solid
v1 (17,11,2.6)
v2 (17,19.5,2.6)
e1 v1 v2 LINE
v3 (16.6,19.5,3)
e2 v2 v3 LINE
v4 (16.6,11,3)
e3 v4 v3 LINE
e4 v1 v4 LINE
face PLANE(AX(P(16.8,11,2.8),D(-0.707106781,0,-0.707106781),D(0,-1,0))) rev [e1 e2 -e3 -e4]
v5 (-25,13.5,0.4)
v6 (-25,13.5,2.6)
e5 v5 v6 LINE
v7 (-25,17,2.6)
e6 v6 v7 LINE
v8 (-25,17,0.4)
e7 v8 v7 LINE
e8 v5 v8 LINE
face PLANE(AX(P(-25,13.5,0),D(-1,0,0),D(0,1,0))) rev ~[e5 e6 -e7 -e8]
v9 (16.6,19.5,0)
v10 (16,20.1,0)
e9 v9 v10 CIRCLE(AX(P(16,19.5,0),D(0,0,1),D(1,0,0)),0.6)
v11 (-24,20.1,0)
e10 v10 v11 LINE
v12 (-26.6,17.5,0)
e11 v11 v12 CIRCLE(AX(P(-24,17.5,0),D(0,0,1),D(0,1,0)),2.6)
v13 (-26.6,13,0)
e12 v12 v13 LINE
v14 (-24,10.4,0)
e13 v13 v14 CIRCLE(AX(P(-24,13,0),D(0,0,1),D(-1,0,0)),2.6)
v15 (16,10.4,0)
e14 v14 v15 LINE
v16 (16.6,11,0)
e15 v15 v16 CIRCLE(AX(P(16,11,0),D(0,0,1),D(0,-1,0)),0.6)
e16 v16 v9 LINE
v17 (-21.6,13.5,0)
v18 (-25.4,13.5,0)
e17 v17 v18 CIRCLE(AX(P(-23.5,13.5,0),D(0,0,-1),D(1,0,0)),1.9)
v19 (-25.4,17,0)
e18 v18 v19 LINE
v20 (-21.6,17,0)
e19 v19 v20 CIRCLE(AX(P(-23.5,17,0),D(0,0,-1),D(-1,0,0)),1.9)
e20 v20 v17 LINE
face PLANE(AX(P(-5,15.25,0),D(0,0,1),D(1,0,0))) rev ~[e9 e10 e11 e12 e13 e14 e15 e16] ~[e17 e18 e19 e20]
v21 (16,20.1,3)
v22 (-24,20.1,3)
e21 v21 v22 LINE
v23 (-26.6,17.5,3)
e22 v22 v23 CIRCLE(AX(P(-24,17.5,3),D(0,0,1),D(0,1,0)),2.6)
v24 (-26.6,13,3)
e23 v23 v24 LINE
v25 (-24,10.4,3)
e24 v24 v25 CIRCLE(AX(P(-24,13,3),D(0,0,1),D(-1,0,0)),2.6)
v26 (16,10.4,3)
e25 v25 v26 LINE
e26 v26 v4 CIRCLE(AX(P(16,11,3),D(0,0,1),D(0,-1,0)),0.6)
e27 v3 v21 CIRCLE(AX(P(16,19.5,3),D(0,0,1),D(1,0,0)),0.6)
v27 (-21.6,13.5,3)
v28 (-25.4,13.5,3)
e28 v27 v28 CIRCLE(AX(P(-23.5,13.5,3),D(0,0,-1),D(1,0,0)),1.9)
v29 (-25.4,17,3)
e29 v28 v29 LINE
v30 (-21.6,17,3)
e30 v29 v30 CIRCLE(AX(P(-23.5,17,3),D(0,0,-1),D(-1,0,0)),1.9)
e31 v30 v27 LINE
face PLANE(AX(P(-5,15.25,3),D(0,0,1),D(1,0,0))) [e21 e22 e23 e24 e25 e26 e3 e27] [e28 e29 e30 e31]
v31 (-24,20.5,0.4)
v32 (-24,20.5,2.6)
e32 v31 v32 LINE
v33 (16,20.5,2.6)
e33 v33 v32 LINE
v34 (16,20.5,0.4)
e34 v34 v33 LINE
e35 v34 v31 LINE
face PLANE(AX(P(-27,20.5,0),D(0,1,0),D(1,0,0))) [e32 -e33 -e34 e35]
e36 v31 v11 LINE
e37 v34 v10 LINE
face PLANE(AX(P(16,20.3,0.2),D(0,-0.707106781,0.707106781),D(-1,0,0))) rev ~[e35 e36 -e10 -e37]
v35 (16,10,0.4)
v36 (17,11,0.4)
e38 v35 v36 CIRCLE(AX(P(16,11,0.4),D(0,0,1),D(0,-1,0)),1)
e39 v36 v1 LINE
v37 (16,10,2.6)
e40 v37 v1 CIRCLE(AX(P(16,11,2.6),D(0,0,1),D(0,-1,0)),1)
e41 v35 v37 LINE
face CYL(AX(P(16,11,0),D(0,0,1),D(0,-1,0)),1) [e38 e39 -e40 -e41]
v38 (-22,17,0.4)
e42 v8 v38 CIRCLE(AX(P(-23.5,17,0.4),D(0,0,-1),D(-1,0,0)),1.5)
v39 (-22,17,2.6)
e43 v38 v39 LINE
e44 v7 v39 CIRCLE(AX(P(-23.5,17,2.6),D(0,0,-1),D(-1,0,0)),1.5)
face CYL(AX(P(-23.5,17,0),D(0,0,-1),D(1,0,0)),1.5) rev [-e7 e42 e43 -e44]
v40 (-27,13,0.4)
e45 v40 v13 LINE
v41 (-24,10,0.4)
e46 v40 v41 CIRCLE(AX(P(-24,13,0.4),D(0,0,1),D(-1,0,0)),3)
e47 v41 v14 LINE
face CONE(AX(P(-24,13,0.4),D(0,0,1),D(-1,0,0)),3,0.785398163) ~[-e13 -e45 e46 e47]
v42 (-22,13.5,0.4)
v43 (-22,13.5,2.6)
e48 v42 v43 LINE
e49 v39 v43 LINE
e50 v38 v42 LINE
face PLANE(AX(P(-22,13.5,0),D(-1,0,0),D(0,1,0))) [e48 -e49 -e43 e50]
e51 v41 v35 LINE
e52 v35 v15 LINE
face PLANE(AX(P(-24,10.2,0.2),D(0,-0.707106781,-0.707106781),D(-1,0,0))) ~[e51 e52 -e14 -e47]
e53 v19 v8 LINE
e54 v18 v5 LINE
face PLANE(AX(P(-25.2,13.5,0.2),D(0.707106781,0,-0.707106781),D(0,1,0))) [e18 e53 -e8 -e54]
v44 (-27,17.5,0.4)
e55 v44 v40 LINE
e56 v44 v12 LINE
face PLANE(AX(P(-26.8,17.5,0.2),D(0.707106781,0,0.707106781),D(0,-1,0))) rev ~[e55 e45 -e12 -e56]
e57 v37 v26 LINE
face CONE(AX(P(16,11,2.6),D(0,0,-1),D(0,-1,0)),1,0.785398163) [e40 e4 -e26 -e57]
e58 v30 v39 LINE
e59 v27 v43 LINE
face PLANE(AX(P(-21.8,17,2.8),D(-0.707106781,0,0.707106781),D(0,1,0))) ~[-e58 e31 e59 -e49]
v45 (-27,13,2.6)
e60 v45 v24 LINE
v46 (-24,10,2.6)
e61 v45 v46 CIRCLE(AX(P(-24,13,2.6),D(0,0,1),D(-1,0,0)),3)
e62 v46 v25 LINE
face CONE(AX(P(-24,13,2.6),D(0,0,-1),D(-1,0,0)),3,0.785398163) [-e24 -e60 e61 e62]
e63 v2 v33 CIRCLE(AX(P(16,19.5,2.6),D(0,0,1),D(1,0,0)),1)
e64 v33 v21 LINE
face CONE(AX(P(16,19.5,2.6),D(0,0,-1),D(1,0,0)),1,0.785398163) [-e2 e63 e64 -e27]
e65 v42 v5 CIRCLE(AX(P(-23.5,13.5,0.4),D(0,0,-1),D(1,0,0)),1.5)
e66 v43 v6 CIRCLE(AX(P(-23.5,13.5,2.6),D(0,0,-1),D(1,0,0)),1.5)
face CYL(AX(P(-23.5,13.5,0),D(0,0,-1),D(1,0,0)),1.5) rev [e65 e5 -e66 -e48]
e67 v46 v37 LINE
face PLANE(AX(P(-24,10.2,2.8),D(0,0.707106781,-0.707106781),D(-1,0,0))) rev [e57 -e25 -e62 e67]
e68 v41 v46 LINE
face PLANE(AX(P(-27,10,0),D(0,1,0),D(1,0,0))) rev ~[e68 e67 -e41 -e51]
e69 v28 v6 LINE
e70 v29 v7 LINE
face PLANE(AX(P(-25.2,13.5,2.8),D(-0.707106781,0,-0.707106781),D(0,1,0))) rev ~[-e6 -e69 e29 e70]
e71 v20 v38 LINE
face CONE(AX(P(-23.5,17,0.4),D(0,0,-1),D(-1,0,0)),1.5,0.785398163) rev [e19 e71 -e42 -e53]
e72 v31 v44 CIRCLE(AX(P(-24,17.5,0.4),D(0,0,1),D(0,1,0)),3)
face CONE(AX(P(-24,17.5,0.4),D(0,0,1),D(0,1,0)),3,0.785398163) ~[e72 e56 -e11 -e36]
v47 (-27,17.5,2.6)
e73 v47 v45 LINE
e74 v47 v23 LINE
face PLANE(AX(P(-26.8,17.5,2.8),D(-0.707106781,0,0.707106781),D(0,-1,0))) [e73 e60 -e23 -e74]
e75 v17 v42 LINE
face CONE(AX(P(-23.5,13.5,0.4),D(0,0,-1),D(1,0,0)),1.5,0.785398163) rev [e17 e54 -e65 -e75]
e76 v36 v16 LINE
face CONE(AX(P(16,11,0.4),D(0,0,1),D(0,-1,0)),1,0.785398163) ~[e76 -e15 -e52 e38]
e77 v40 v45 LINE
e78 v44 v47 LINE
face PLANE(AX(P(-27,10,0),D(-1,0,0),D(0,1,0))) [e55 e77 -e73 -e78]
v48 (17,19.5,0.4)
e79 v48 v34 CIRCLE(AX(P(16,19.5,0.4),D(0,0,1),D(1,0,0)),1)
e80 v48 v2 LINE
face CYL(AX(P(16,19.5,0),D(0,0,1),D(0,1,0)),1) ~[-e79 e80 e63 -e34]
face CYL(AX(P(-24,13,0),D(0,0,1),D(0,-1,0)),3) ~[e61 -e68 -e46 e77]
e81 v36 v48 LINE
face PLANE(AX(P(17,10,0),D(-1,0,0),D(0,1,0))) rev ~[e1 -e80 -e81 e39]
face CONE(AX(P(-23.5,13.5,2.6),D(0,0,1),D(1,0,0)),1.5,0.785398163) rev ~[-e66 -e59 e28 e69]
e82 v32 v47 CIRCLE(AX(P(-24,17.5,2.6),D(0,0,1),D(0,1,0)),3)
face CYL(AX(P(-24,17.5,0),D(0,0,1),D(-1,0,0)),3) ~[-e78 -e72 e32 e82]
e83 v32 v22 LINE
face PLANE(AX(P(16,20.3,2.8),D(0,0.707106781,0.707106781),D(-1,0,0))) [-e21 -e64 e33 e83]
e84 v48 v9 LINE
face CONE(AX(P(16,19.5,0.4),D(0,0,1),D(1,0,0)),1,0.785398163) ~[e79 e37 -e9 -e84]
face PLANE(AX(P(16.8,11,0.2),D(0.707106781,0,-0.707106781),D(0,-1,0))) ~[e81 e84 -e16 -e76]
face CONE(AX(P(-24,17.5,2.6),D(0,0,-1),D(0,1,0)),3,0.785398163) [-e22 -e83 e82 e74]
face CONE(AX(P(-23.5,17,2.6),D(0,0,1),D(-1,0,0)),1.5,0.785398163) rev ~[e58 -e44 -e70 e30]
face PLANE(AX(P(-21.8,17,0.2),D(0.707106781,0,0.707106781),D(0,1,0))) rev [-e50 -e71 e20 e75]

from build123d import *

# Parameters (mm, degrees)
BOX002_W          = 3
BOX002_H          = 3.5
BOX002_DEPTH      = 10
CYLINDER005_R     = 1.5
CYLINDER005_DEPTH = 10
CYLINDER004_R     = 1.5
CYLINDER004_DEPTH = 10
BOX001_W          = 44
BOX001_H          = 10.5
BOX001_DEPTH      = 3
FILLET001_R       = 1
FILLET002_R       = 3
CHAMFER001_SIZE   = 0.4


with BuildPart() as cube002:
    # Box002 → Box002 (new body)
    with BuildSketch(Plane(origin=(-24, 13.5, 0), x_dir=(1, 0, 0), z_dir=(0, 0, 1))):
        with Locations((1.5, 1.75)):
            Rectangle(BOX002_W, BOX002_H)
    extrude(amount=BOX002_DEPTH)


with BuildPart() as cylinder005:
    # Cylinder005 → Cylinder005 (new body)
    with BuildSketch(Plane(origin=(-22.5, 13.5, 0), x_dir=(1, 0, 0), z_dir=(0, 0, 1))):
        Circle(CYLINDER005_R)
    extrude(amount=CYLINDER005_DEPTH)


with BuildPart() as fusion001:
    # Cylinder004 → Cylinder004 (new body)
    with BuildSketch(Plane(origin=(-22.5, 17, 0), x_dir=(1, 0, 0), z_dir=(0, 0, 1))):
        Circle(CYLINDER004_R)
    extrude(amount=CYLINDER004_DEPTH)

    # Fusion001: union Cube002, Cylinder005
    add(cube002.part)
    add(cylinder005.part)


with BuildPart() as fusion001_1:
    # Fusion001 placement: moved
    add(fusion001.part.moved(Location((-1, 0, 0))))


with BuildPart() as chamfer001:
    # Box001 → Box001 (new body)
    with BuildSketch(Plane(origin=(-27, 10, 0), x_dir=(1, 0, 0), z_dir=(0, 0, 1))):
        with Locations((22, 5.25)):
            Rectangle(BOX001_W, BOX001_H)
    extrude(amount=BOX001_DEPTH)

    # Cut001: cut Fusion001
    add(fusion001_1.part, mode=Mode.SUBTRACT)

    # Fillet001
    fillet001_edges = [chamfer001.edges().sort_by_distance(p)[0] for p in [
        (17, 10, 1.5),
        (17, 20.5, 1.5),
    ]]
    fillet(fillet001_edges, radius=FILLET001_R)

    # Fillet002
    fillet002_edges = [chamfer001.edges().sort_by_distance(p)[0] for p in [
        (-27, 10, 1.5),
        (-27, 20.5, 1.5),
    ]]
    fillet(fillet002_edges, radius=FILLET002_R)

    # Chamfer001
    chamfer001_edges = [chamfer001.edges().sort_by_distance(p)[0] for p in [
        (-4, 10, 0),
        (-4, 10, 3),
        (-4, 20.5, 0),
        (-26.12132, 19.62132, 0),
        (16.707107, 20.207107, 0),
        (-27, 15.25, 0),
        (17, 15.25, 0),
        (-26.12132, 10.87868, 0),
        (16.707107, 10.292893, 0),
        (-25, 15.25, 0),
        (-23.5, 12, 0),
        (-22, 15.25, 0),
        (-23.5, 18.5, 0),
        (-26.12132, 10.87868, 3),
        (16.707107, 10.292893, 3),
        (-4, 20.5, 3),
        (-26.12132, 19.62132, 3),
        (16.707107, 20.207107, 3),
        (-27, 15.25, 3),
        (17, 15.25, 3),
        (-22, 15.25, 3),
        (-23.5, 18.5, 3),
        (-25, 15.25, 3),
        (-23.5, 12, 3),
    ]]
    chamfer(chamfer001_edges, length=CHAMFER001_SIZE)


solid = chamfer001.part
